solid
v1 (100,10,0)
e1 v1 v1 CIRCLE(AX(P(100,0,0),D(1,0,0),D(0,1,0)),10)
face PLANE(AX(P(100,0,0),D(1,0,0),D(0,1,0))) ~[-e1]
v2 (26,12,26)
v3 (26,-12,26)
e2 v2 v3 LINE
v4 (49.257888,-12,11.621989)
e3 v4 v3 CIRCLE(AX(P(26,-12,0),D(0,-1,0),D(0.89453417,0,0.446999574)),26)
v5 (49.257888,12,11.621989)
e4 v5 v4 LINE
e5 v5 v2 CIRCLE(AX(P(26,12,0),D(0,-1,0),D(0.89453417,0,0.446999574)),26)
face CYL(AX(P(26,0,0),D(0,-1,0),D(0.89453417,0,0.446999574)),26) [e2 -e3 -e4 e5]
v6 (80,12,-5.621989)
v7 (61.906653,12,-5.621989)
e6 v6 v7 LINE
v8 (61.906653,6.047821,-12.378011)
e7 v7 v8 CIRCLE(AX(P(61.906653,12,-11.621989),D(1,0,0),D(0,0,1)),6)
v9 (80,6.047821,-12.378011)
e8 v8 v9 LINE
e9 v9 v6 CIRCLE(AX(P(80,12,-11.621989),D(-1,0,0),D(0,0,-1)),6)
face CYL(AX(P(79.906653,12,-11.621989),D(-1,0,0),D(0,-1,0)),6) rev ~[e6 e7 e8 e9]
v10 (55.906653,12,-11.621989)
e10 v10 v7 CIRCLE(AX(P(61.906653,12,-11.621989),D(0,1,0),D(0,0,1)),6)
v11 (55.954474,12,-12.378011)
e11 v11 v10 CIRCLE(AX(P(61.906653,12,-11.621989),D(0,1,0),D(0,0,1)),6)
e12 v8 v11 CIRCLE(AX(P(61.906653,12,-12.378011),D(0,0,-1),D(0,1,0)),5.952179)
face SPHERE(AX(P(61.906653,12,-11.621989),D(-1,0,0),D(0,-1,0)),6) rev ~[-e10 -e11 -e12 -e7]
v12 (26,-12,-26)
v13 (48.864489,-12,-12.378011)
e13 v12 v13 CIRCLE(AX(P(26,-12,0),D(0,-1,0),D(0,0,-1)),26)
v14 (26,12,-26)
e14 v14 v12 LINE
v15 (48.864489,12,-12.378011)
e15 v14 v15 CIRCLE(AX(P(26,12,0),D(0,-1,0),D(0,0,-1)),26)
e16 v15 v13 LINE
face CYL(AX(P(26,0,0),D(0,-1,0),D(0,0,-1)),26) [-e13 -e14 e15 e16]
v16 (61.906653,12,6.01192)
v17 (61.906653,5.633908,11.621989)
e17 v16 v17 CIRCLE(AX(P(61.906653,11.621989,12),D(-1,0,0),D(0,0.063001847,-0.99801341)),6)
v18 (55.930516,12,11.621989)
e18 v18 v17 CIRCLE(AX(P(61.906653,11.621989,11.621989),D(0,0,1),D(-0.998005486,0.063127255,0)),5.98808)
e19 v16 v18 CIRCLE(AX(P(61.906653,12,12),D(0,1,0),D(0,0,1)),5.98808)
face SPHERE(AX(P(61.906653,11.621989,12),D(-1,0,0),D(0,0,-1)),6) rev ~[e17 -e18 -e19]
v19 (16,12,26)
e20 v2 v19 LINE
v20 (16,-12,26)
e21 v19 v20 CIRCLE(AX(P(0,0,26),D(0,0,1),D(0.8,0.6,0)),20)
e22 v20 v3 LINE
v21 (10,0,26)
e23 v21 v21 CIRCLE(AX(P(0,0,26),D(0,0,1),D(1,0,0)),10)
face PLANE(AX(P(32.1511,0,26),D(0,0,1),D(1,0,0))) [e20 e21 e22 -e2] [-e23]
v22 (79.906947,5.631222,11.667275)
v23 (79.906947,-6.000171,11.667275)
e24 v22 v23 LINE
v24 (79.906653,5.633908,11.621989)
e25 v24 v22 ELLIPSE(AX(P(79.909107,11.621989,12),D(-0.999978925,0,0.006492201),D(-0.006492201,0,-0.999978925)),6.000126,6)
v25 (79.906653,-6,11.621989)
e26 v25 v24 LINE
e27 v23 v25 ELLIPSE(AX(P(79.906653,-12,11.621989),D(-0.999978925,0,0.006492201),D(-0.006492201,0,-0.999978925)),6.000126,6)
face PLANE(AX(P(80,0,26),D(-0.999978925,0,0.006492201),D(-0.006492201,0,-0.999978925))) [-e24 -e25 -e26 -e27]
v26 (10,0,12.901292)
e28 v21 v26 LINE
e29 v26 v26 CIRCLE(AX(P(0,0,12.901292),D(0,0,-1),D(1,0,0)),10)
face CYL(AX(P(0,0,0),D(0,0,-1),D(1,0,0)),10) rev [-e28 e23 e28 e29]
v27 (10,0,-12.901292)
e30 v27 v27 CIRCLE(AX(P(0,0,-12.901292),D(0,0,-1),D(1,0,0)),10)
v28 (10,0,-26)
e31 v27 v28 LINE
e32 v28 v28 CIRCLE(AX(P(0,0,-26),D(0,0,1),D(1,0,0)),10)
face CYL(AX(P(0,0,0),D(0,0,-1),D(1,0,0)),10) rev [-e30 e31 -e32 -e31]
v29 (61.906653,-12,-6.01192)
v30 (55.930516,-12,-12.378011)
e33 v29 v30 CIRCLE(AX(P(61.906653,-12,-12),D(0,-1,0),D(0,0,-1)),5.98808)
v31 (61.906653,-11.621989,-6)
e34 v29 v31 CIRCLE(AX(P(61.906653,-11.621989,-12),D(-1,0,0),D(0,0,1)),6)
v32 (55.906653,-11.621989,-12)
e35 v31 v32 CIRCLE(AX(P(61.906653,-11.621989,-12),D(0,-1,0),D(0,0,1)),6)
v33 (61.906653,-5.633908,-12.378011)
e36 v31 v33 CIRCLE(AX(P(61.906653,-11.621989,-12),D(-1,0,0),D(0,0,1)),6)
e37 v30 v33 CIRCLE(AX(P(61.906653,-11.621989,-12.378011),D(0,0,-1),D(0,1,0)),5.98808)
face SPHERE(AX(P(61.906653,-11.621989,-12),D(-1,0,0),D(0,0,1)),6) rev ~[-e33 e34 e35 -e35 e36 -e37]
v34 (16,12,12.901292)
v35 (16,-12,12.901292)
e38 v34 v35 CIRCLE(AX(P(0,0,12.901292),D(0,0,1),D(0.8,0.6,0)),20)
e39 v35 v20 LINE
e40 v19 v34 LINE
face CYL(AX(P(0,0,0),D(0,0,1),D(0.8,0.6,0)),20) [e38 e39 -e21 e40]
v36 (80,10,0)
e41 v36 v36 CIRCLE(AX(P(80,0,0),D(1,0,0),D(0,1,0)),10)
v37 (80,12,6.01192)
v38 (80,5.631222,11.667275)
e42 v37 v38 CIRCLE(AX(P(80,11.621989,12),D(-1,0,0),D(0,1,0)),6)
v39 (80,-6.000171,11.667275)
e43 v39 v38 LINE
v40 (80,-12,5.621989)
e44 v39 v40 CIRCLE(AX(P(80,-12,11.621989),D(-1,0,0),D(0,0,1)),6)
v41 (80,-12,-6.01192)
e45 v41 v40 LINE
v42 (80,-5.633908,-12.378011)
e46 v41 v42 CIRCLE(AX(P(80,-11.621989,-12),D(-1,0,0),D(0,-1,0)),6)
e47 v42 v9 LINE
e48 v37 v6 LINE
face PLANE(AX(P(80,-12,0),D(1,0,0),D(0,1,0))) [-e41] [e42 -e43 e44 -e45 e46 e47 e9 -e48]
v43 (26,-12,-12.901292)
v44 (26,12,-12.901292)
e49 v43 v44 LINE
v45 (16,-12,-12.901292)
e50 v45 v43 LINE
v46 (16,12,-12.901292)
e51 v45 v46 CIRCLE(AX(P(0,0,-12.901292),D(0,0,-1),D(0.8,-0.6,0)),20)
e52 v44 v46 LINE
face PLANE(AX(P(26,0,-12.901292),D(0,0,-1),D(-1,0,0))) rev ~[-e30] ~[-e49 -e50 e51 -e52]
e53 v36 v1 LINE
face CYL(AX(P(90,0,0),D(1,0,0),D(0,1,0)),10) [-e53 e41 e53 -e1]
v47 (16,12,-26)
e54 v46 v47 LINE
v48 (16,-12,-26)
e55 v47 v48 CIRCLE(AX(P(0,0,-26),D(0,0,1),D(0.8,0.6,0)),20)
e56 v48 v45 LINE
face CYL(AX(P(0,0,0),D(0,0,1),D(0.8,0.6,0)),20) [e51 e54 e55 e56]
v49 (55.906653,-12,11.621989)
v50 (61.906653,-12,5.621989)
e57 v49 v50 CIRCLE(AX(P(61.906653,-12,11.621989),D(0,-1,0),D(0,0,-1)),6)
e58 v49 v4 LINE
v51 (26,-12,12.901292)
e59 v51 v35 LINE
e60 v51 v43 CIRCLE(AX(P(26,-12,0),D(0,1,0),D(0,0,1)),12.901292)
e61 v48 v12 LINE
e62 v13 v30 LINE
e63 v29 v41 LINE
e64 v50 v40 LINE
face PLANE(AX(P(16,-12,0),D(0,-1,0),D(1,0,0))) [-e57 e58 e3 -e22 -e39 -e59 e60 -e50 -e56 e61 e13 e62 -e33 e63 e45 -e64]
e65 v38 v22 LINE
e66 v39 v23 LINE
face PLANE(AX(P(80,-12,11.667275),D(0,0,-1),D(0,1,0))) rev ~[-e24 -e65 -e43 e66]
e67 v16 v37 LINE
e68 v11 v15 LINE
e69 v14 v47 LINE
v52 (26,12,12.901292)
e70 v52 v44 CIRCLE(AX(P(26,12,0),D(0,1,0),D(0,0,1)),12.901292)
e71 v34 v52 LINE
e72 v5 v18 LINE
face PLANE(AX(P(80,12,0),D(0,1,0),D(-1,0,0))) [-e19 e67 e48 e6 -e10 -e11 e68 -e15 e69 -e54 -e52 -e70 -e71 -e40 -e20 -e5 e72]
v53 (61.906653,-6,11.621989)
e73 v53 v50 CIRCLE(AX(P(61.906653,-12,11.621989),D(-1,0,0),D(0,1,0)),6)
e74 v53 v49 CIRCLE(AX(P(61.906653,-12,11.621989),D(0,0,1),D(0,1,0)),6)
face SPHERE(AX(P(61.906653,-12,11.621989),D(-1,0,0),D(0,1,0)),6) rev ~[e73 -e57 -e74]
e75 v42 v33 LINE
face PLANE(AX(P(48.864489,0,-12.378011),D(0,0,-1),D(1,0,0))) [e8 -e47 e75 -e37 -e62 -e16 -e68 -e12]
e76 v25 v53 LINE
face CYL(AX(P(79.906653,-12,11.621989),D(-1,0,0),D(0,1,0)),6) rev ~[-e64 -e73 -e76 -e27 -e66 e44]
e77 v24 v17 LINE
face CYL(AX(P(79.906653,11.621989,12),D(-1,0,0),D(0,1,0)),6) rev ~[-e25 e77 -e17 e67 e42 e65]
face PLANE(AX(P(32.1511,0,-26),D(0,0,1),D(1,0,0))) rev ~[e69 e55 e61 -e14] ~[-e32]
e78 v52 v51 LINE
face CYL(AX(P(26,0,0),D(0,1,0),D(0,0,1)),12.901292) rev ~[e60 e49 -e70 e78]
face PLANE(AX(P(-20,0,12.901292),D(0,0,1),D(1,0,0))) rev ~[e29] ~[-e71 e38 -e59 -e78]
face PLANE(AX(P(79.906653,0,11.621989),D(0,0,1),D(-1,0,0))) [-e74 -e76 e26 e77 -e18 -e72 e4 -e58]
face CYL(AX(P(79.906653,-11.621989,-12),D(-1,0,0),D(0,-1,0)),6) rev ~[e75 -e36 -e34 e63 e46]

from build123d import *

# Parameters (mm, degrees)
SKETCH1_W           = 20
SKETCH1_H           = 10
SKETCH1_8_R         = 10
BOSS_EXTRUDE4_DEPTH = 26
CUT_EXTRUDE2_DEPTH  = 26
SKETCH5_W           = 14.33272529
SKETCH5_H           = 24
CUT_EXTRUDE3_DEPTH  = 10
SKETCH7_R           = 6
CUT_EXTRUDE4_DEPTH  = 10
CIRPATTERN2_COUNT   = 4
CIRPATTERN3_COUNT   = 4


with BuildPart() as part:
    # Sketch1 → Revolve1 (revolve)
    with BuildSketch(Plane.XY):
        with Locations((90, 5)):
            Rectangle(SKETCH1_W, SKETCH1_H)
    revolve(axis=Axis((80, 0, 0), (1, 0, 0)))

    # Sketch1<8> → Boss-Extrude4 (add, symmetric)
    with BuildSketch(Plane.XY):
        with BuildLine():
            ThreePointArc((16, 12), (-20, 0), (16, -12))
            Line((16, -12), (80, -12))
            Line((80, -12), (80, 12))
            Line((80, 12), (16, 12))
        make_face()
        Circle(SKETCH1_8_R, mode=Mode.SUBTRACT)
    extrude(amount=BOSS_EXTRUDE4_DEPTH, both=True)

    # Sketch4 → Cut-Extrude2 (cut, symmetric)
    with BuildSketch(Plane(origin=(0, 0, 0), x_dir=(1, 0, 0), z_dir=(0, 1, 0))):
        with BuildLine():
            Line((48.864488658, 12.378011085), (80, 12.378011085))
            Line((80, 12.378011085), (80, 26))
            Line((80, 26), (26, 26))
            ThreePointArc((26, 26), (39.307360966, 22.336386102), (48.864488658, 12.378011085))
        make_face()
        with BuildLine():
            Line((26, -26), (80, -26))
            Line((80, -26), (79.906653098, -11.621988915))
            Line((79.906653098, -11.621988915), (49.257888418, -11.621988915))
            ThreePointArc((49.257888418, -11.621988915), (39.671654768, -22.115285571), (26, -26))
        make_face()
        with BuildLine():
            ThreePointArc((26, -12.901292498), (38.901292498, 0), (26, 12.901292498))
            Line((26, 12.901292498), (-20, 12.901292498))
            Line((-20, 12.901292498), (-20, -12.901292498))
            Line((-20, -12.901292498), (26, -12.901292498))
        make_face()
    extrude(amount=CUT_EXTRUDE2_DEPTH, both=True, mode=Mode.SUBTRACT)

    # Sketch5 → Cut-Extrude3 (cut)
    with BuildSketch(Plane(origin=(80, 0, 0), x_dir=(0, 0, -1), z_dir=(1, 0, 0))):
        with Locations((-18.833637355, 0)):
            Rectangle(SKETCH5_W, SKETCH5_H)
    extrude(amount=-CUT_EXTRUDE3_DEPTH, mode=Mode.SUBTRACT)

    # Sketch6 → Cut-Revolve3 (revolve, cut)
    with BuildSketch(Plane.XY.offset(11.621988915)):
        with BuildLine():
            Line((79.906653098, -12), (79.906653098, -6))
            Line((79.906653098, -6), (61.906653098, -6))
            ThreePointArc((61.906653098, -6), (57.664012411, -7.757359313), (55.906653098, -12))
            Line((55.906653098, -12), (79.906653098, -12))
        make_face()
    cut_revolve3 = revolve(axis=Axis((81.079011265, -12, 11.621988915), (-1, 0, 0)), mode=Mode.SUBTRACT)

    # Sketch7 → Cut-Extrude4 (cut)
    with BuildSketch(Plane.ZY.offset(-79.906653098)):
        with Locations((11.621988915, -12)):
            Circle(SKETCH7_R)
    cut_extrude4 = extrude(amount=-CUT_EXTRUDE4_DEPTH, mode=Mode.SUBTRACT)

    # CirPattern2: Cut-Revolve3 ×4 about axis
    cirpattern2_axis = Axis((81.079011265, -12, 11.621988915), (1, 0, 0))
    for i in range(1, CIRPATTERN2_COUNT):
        add(cut_revolve3.rotate(cirpattern2_axis, i * 360 / CIRPATTERN2_COUNT), mode=Mode.SUBTRACT)

    # CirPattern3: Cut-Revolve3, Cut-Extrude4 ×4 about axis
    cirpattern3_axis = Axis((100, 0, 0), (-1, 0, 0))
    add([cut_revolve3.rotate(cirpattern3_axis, i * 360 / CIRPATTERN3_COUNT) for i in range(1, CIRPATTERN3_COUNT)], mode=Mode.SUBTRACT)
    add([cut_extrude4.rotate(cirpattern3_axis, i * 360 / CIRPATTERN3_COUNT) for i in range(1, CIRPATTERN3_COUNT)], mode=Mode.SUBTRACT)


solid = part.part
